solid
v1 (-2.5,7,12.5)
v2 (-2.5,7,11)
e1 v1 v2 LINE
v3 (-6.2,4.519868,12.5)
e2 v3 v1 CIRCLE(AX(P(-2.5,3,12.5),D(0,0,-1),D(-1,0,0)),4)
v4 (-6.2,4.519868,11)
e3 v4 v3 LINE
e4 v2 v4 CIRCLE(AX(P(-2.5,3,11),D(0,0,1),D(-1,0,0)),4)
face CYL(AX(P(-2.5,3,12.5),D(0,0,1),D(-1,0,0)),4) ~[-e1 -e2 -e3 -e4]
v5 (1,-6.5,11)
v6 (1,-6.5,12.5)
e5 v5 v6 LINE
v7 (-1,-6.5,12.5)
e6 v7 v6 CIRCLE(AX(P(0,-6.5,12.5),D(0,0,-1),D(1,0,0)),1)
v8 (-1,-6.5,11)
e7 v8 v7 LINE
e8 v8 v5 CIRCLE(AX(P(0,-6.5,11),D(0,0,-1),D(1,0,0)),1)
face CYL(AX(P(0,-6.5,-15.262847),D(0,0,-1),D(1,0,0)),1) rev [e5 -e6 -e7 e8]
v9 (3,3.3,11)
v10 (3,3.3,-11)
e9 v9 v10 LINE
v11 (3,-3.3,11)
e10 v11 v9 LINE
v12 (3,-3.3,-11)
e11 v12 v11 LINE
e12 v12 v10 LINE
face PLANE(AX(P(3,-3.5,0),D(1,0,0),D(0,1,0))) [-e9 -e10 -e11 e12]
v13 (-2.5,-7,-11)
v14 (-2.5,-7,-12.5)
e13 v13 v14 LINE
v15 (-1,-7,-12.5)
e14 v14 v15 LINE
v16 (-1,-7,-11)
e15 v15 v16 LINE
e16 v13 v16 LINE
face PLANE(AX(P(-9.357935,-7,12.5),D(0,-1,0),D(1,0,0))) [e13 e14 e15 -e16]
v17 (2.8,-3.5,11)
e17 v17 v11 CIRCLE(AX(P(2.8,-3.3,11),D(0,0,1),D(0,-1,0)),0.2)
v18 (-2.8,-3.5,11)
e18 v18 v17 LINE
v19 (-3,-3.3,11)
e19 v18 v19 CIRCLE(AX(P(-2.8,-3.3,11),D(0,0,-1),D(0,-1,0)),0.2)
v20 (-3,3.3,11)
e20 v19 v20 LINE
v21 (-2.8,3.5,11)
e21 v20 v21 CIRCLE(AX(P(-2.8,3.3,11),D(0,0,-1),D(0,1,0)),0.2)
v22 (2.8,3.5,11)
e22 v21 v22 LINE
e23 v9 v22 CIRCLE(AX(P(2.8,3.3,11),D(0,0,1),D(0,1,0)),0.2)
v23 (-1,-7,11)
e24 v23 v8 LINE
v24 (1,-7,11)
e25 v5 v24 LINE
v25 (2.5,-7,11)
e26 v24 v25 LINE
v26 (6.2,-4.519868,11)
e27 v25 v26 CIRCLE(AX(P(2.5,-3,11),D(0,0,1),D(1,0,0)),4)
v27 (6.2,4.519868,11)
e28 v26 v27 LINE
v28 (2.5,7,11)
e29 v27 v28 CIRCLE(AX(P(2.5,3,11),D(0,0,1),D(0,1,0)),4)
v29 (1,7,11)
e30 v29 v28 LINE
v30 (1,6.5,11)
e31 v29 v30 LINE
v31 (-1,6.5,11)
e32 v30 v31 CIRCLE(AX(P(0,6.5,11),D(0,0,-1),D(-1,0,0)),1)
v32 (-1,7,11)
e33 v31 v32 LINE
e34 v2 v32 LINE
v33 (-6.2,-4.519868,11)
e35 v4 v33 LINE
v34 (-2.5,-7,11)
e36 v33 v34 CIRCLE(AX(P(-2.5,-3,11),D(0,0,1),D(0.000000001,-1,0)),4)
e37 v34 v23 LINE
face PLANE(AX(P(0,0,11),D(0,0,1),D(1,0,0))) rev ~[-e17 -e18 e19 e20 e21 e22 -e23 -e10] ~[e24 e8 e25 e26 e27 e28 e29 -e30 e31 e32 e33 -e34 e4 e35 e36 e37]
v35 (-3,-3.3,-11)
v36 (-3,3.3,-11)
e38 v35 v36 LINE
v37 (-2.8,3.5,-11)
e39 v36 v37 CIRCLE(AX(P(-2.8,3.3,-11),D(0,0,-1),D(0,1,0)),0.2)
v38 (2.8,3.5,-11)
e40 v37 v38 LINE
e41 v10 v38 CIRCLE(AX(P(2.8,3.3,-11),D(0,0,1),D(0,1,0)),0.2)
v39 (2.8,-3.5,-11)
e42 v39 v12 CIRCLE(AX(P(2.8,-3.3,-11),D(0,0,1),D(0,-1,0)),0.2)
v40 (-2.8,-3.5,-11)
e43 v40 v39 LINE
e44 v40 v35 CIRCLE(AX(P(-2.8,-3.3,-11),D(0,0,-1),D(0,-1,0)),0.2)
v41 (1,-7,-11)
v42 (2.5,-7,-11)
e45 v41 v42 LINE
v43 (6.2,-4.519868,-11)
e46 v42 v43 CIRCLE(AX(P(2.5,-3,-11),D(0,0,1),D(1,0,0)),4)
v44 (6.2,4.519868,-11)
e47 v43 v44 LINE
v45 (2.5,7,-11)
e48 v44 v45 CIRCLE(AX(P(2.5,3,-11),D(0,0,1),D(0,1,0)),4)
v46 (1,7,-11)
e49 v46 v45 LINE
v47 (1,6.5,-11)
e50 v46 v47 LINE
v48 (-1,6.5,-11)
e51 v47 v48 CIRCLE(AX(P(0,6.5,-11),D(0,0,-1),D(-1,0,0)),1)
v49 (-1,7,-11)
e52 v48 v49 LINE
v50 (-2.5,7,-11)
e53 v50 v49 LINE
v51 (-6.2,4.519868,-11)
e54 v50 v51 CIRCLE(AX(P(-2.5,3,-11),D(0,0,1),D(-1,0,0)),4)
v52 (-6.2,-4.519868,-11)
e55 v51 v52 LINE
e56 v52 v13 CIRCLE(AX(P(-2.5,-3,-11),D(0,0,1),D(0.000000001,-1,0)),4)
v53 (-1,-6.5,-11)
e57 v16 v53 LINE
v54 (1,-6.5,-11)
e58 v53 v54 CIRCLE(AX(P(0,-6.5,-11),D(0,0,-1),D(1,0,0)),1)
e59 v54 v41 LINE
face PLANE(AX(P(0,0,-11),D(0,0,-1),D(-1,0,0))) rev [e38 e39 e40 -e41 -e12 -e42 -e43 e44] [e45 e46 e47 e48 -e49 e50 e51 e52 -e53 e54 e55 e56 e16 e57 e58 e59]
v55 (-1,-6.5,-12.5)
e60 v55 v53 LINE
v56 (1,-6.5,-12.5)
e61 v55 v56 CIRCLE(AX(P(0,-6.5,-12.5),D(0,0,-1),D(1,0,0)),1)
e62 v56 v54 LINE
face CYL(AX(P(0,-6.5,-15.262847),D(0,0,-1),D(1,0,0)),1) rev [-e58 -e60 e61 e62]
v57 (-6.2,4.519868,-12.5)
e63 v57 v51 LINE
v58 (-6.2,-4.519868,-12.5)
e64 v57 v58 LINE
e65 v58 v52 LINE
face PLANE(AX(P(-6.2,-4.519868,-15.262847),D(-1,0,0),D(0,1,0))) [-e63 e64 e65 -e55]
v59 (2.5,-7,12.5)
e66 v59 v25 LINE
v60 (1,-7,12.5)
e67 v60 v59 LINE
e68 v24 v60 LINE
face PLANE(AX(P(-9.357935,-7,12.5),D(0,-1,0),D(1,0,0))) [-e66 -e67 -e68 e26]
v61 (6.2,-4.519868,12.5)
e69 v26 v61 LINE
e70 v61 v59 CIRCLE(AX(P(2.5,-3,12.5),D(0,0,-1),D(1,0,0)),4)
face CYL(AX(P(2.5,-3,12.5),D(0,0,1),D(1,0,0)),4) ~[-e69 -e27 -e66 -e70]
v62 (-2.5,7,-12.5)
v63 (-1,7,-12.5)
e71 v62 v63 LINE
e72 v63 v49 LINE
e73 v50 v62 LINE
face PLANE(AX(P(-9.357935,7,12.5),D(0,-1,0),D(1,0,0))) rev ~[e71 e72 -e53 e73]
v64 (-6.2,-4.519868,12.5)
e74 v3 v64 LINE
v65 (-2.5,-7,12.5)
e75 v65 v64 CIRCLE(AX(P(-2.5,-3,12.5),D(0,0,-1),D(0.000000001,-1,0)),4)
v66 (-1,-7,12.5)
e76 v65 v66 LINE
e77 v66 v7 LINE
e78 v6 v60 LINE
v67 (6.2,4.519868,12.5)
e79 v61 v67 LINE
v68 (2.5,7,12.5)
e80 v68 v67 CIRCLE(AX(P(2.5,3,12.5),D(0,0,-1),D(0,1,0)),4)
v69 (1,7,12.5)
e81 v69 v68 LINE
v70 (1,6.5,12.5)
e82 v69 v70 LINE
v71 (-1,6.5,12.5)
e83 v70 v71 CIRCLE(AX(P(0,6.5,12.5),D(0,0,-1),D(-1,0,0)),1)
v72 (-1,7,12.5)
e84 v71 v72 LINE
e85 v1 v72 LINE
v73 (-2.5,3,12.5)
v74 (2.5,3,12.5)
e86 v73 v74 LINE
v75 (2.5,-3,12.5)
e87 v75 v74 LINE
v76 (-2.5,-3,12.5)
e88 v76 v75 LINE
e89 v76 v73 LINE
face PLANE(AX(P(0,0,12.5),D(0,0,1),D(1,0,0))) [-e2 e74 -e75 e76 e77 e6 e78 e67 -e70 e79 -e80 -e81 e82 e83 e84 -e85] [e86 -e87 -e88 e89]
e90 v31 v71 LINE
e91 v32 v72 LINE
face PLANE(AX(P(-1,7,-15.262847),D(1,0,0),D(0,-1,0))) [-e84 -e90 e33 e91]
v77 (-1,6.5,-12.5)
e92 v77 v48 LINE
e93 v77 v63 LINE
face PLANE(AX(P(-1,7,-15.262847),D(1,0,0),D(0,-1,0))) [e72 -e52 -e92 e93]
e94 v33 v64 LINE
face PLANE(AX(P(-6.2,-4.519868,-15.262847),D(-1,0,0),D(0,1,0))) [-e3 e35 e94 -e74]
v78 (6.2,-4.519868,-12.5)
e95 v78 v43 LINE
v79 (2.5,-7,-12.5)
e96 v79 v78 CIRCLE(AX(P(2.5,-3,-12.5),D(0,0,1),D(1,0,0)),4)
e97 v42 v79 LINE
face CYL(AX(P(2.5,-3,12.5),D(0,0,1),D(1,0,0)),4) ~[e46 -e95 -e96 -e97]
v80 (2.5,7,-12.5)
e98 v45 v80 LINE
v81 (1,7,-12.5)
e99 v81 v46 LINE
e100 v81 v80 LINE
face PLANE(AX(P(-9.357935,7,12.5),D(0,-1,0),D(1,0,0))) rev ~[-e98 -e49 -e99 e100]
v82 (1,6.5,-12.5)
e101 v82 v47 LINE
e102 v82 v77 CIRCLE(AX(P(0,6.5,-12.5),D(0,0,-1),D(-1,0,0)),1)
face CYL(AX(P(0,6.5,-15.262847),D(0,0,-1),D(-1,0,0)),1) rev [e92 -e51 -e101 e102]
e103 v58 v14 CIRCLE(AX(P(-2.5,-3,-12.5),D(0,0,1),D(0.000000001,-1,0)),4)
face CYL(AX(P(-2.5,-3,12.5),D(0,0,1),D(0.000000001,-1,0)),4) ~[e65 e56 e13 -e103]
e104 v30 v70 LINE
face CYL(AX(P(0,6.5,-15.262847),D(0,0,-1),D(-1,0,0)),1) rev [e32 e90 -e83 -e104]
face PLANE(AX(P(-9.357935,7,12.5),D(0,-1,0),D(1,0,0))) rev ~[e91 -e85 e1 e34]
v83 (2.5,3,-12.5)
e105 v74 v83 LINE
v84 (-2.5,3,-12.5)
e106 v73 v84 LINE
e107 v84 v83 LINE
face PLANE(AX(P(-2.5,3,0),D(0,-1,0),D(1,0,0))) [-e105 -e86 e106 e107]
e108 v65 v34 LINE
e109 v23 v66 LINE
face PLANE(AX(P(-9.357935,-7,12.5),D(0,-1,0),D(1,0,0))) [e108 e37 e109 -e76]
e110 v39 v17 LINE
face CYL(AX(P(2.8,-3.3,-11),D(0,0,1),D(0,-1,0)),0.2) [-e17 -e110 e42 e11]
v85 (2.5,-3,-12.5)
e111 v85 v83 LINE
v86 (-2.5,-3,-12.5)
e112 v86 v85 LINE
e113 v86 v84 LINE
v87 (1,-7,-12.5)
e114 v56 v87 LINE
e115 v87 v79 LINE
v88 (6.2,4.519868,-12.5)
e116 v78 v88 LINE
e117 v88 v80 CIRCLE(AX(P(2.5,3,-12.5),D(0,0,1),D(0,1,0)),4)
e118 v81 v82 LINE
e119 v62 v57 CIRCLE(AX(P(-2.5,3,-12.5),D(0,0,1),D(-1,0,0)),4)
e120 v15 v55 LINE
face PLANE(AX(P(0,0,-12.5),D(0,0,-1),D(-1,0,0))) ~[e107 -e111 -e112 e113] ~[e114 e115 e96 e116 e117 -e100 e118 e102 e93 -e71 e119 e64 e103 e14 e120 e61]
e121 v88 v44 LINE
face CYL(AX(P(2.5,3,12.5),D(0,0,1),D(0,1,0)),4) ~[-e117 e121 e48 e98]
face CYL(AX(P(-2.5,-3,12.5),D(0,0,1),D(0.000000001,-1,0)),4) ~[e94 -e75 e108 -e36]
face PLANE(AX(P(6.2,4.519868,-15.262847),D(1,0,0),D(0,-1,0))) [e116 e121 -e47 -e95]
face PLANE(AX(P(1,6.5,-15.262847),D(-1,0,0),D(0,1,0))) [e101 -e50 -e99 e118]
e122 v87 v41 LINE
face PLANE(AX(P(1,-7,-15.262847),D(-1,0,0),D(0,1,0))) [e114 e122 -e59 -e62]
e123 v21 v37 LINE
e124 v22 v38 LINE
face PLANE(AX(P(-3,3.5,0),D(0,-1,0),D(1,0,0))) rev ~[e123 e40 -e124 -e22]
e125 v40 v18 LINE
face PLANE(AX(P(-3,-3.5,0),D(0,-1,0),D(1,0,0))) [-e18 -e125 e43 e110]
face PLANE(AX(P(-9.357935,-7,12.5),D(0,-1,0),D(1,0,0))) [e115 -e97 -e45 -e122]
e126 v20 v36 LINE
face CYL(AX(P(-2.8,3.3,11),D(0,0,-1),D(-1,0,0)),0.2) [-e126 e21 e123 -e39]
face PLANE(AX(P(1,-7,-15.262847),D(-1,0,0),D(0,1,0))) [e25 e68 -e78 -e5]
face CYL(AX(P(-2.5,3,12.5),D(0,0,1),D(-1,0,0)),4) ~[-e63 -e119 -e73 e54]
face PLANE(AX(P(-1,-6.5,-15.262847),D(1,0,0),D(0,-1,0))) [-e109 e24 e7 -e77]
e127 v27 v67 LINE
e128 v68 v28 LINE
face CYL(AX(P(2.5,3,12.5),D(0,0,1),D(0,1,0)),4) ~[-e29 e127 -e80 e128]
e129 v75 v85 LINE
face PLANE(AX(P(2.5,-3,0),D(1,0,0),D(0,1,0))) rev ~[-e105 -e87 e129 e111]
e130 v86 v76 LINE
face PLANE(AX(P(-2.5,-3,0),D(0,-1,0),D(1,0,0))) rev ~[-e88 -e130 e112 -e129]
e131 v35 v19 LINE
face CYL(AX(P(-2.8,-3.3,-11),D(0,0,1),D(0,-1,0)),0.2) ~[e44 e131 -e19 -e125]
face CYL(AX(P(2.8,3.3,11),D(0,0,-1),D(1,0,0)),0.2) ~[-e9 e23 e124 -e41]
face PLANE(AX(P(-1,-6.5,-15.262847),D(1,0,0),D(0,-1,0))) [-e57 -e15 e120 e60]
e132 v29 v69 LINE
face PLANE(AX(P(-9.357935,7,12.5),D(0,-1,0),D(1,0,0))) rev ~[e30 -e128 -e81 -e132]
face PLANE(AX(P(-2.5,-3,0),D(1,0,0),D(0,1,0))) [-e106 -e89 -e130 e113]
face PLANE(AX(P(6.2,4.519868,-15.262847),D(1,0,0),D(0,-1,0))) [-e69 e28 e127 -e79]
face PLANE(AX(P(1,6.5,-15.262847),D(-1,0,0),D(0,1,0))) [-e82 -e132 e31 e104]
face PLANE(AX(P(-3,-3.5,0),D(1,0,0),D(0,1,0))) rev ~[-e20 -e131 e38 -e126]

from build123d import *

# Parameters (mm, degrees)
SKETCH_1_W               = 6
SKETCH_1_H               = 7
SKETCH_1_W_2             = 5
SKETCH_1_H_2             = 6
EXTRUDE_1_DEPTH          = 12.5
SKETCH_2_W               = 6
SKETCH_2_H               = 7
EXTRUDE_2_DEPTH          = 1.5
SKETCH_3_R               = 19.100398606
SKETCH_3_W               = 18.715870292
SKETCH_3_H               = 14
CUT_EXTRUDE_1_DEPTH      = 28.522717889
CUT_EXTRUDE_2_DEPTH      = 27.762847382
CUT_EXTRUDE_3_DEPTH      = 27.762847382
CUT_EXTRUDE_3_DEPTH_BACK = 27.762847382
FILLET_1_R               = 0.2


with BuildPart() as part:
    # 草图1 → 凸台-拉伸1 (new, symmetric)
    with BuildSketch(Plane.XY):
        Rectangle(SKETCH_1_W, SKETCH_1_H)
        Rectangle(SKETCH_1_W_2, SKETCH_1_H_2, mode=Mode.SUBTRACT)
    extrude(amount=EXTRUDE_1_DEPTH, both=True)

    # 草图2 → 凸台-拉伸2 (add)
    with BuildSketch(Plane.XY.offset(12.5)):
        with BuildLine():
            Line((-6.5, 6.92820323), (-6.5, -6.92820323))
            ThreePointArc((-6.5, -6.92820323), (0, -9.5), (6.5, -6.92820323))
            Line((6.5, -6.92820323), (6.5, 6.92820323))
            ThreePointArc((6.5, 6.92820323), (0, 9.5), (-6.5, 6.92820323))
        make_face()
        Rectangle(SKETCH_2_W, SKETCH_2_H, mode=Mode.SUBTRACT)
    extrude_2 = extrude(amount=-EXTRUDE_2_DEPTH)

    # 镜向1: 凸台-拉伸2 across plane
    add(extrude_2.mirror(Plane.XY))

    # 草图3 → 切除-拉伸1 (cut, through all)
    with BuildSketch(Plane.XY.offset(12.5)):
        Circle(SKETCH_3_R)
        Rectangle(SKETCH_3_W, SKETCH_3_H, mode=Mode.SUBTRACT)
    extrude(amount=-CUT_EXTRUDE_1_DEPTH, mode=Mode.SUBTRACT)

    # 草图4 → 切除-拉伸2 (cut, through all)
    with BuildSketch(Plane.XY.offset(12.5)):
        with BuildLine():
            Line((-6.5, 6.92820323), (-6.5, 3))
            ThreePointArc((-6.5, 3), (-5.328427125, 5.828427125), (-2.5, 7))
            Line((-2.5, 7), (-6.422616289, 7))
            ThreePointArc((-6.422616289, 7), (-6.461407868, 6.964209098), (-6.5, 6.92820323))
        make_face()
        with BuildLine():
            ThreePointArc((2.5, 7), (5.328427125, 5.828427125), (6.5, 3))
            Line((6.5, 3), (6.5, 6.92820323))
            ThreePointArc((6.5, 6.92820323), (6.461407868, 6.964209098), (6.422616289, 7))
            Line((6.422616289, 7), (2.5, 7))
        make_face()
        with BuildLine():
            ThreePointArc((6.5, -3), (5.328427127, -5.828427123), (2.500000005, -7))
            Line((2.500000005, -7), (6.422616289, -7))
            ThreePointArc((6.422616289, -7), (6.461407868, -6.964209098), (6.5, -6.92820323))
            Line((6.5, -6.92820323), (6.5, -3))
        make_face()
        with BuildLine():
            ThreePointArc((-6.5, -6.92820323), (-6.461407868, -6.964209098), (-6.422616289, -7))
            Line((-6.422616289, -7), (-2.499999995, -7))
            ThreePointArc((-2.499999995, -7), (-5.328427123, -5.828427127), (-6.5, -3))
            Line((-6.5, -3), (-6.5, -6.92820323))
        make_face()
    extrude(amount=-CUT_EXTRUDE_2_DEPTH, mode=Mode.SUBTRACT)

    # 草图5 → 切除-拉伸3 (cut, two sides: drawn at the far end of the back side and taken through both)
    with BuildSketch(Plane.XY.offset(12.5).offset(-CUT_EXTRUDE_3_DEPTH_BACK)):
        with BuildLine():
            Line((1, 7), (-1, 7))
            Line((-1, 7), (-1, 6.5))
            ThreePointArc((-1, 6.5), (0, 5.5), (1, 6.5))
            Line((1, 6.5), (1, 7))
        make_face()
        with BuildLine():
            Line((-1, -6.5), (-1, -7))
            Line((-1, -7), (1, -7))
            Line((1, -7), (1, -6.5))
            ThreePointArc((1, -6.5), (0, -5.5), (-1, -6.5))
        make_face()
        with BuildLine():
            Line((-6.2, -4.519868415), (-6.2, 4.519868415))
            ThreePointArc((-6.2, 4.519868415), (-6.424283374, 3.774596669), (-6.5, 3))
            Line((-6.5, 3), (-6.5, -3))
            ThreePointArc((-6.5, -3), (-6.424283374, -3.774596669), (-6.2, -4.519868415))
        make_face()
        with BuildLine():
            ThreePointArc((6.5, 3), (6.424283374, 3.774596669), (6.2, 4.519868415))
            Line((6.2, 4.519868415), (6.2, -4.519868415))
            ThreePointArc((6.2, -4.519868415), (6.424283374, -3.774596669), (6.5, -3))
            Line((6.5, -3), (6.5, 3))
        make_face()
    extrude(amount=CUT_EXTRUDE_3_DEPTH + CUT_EXTRUDE_3_DEPTH_BACK, mode=Mode.SUBTRACT)

    # 圆角1
    fillet_1_edges = [part.edges().sort_by_distance(p)[0] for p in [
        (-3, 3.5, 0),
        (3, 3.5, 0),
        (3, -3.5, 0),
        (-3, -3.5, 0),
    ]]
    fillet(fillet_1_edges, radius=FILLET_1_R)


solid = part.part
